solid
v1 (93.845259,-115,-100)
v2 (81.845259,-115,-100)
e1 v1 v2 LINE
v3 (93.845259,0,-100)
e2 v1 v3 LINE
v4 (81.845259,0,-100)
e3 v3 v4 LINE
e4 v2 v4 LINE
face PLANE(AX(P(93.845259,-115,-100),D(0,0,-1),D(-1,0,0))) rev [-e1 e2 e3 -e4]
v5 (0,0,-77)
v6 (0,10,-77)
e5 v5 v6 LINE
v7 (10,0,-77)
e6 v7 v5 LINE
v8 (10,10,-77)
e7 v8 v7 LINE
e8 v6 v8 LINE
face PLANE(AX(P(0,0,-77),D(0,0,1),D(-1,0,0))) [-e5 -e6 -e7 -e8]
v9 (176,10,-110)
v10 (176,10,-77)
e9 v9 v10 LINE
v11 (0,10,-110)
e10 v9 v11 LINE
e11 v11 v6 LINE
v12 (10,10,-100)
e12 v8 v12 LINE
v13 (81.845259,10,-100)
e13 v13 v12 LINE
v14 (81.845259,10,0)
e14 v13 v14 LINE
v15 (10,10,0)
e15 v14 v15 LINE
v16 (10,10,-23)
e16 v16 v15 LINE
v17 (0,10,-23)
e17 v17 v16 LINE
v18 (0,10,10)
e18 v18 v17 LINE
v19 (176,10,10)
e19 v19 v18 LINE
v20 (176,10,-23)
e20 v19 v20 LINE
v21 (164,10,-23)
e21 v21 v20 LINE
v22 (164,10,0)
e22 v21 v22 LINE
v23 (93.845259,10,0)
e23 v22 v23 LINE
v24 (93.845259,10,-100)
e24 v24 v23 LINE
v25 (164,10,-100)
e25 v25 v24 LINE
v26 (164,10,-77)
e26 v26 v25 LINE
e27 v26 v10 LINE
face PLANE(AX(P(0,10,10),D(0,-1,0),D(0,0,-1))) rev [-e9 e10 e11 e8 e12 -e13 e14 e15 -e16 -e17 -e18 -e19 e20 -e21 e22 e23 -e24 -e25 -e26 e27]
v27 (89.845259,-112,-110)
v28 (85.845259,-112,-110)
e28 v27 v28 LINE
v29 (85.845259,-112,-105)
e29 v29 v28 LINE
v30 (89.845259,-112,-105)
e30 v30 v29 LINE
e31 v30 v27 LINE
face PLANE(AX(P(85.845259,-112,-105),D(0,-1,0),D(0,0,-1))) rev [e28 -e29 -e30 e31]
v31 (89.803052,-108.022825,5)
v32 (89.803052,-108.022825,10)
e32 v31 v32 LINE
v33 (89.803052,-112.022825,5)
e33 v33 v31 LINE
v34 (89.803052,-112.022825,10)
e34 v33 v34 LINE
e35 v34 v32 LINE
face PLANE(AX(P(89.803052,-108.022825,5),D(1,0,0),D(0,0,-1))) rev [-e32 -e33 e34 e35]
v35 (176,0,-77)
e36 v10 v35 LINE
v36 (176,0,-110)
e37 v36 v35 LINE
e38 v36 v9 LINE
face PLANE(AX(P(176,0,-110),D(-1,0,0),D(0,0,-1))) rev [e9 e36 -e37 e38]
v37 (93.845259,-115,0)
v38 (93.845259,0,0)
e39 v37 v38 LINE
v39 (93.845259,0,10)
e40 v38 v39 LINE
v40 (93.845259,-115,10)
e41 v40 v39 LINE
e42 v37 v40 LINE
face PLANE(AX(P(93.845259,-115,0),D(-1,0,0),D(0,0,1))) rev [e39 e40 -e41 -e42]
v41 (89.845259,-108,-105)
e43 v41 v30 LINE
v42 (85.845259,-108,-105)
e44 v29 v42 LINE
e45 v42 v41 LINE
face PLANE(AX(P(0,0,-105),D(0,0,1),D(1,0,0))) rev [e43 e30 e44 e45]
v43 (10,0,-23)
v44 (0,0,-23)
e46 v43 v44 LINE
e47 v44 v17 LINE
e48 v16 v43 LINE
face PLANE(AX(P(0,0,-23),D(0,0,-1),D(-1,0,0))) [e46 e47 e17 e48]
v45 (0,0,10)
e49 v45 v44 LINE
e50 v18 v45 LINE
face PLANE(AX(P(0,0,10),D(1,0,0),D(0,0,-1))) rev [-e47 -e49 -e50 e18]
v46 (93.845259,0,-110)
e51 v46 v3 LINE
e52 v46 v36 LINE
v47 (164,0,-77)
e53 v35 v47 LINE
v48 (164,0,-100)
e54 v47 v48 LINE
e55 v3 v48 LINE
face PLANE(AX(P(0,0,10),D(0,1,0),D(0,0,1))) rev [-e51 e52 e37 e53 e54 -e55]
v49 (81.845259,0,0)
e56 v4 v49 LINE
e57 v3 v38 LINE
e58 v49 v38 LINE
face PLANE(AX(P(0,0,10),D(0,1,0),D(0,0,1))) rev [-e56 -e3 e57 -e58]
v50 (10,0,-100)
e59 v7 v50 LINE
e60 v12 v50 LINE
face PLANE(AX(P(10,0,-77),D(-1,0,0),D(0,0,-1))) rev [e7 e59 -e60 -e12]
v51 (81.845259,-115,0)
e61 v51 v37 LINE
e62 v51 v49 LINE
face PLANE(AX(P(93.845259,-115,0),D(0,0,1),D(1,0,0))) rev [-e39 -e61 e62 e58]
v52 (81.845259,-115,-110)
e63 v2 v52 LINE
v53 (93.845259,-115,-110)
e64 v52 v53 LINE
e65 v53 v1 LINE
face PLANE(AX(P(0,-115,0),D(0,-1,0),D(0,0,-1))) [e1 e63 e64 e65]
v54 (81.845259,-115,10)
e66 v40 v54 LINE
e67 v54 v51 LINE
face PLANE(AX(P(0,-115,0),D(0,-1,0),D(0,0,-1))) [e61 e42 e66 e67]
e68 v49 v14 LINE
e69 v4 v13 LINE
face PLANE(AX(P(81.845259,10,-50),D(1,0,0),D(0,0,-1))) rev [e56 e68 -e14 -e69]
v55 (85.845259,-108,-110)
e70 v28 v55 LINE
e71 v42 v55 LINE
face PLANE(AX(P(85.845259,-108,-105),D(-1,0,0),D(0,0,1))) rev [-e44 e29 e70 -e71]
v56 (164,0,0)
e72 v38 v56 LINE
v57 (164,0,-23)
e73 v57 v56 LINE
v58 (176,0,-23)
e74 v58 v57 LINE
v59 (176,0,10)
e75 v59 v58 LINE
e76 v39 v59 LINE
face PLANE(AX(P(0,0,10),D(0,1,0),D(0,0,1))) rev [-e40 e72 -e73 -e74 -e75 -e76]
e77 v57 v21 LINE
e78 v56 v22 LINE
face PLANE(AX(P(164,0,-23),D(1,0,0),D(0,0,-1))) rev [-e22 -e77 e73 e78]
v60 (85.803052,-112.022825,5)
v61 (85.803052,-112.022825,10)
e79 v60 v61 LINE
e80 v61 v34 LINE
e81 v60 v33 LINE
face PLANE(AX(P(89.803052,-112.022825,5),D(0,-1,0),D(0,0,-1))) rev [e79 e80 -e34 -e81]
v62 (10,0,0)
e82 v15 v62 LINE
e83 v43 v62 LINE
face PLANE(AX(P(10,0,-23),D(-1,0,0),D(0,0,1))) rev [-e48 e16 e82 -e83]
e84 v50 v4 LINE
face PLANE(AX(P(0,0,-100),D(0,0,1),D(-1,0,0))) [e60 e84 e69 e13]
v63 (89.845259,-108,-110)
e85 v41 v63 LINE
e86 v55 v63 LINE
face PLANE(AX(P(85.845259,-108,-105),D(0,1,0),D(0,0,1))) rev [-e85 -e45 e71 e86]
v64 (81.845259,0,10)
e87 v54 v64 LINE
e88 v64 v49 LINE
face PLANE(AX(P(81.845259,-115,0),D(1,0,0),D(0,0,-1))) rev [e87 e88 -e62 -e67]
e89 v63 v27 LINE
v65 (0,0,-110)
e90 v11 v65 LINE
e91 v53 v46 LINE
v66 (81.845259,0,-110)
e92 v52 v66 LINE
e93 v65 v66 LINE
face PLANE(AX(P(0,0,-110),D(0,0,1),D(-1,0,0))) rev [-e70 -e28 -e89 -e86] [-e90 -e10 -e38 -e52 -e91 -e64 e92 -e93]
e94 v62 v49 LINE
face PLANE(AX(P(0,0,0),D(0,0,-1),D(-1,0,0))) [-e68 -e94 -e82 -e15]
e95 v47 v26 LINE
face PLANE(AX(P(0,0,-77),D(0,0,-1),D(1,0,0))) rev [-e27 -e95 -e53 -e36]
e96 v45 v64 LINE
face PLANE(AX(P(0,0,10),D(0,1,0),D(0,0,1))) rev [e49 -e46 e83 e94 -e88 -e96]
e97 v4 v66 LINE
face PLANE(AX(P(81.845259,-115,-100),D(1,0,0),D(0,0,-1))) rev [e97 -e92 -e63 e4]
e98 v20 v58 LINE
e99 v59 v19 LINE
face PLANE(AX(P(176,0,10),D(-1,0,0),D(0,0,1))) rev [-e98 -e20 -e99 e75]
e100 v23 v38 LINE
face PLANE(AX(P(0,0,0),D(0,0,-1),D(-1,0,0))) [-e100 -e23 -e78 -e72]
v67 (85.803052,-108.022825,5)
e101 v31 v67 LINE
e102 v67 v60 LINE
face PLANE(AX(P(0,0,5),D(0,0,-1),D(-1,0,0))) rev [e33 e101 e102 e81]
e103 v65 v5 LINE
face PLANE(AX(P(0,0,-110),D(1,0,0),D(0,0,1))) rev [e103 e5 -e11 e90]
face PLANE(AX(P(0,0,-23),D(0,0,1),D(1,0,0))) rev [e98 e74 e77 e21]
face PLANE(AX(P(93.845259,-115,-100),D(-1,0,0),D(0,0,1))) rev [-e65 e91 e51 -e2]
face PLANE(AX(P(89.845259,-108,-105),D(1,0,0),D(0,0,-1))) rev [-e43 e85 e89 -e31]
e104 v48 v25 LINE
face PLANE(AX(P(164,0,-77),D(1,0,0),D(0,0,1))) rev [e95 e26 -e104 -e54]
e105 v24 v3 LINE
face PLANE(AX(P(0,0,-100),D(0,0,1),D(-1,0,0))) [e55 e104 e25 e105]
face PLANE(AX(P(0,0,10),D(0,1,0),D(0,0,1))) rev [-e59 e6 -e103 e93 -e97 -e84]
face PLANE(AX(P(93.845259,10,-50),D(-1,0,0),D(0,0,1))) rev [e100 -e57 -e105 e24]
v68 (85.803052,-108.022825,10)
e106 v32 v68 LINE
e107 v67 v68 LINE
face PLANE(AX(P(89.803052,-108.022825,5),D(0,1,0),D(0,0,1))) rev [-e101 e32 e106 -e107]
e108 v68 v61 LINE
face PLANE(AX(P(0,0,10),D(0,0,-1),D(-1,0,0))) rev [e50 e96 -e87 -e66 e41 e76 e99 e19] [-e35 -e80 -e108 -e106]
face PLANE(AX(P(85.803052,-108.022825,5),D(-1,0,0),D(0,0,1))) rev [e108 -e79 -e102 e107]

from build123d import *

# Parameters (mm, degrees)
SKETCH1_W           = 176
SKETCH1_H           = 10
BOSS_EXTRUDE1_DEPTH = 10
SKETCH2_W           = 12
SKETCH2_H           = 10
BOSS_EXTRUDE2_DEPTH = 50
SKETCH3_W           = 10
SKETCH3_H           = 10
SKETCH3_W_2         = 12
BOSS_EXTRUDE3_DEPTH = 23
SKETCH4_W           = 12
SKETCH4_H           = 10
BOSS_EXTRUDE4_DEPTH = 115
SKETCH6_W           = 4
SKETCH6_H           = 4
CUT_EXTRUDE1_DEPTH  = 5
SKETCH7_W           = 4
SKETCH7_H           = 4
CUT_EXTRUDE2_DEPTH  = 5


with BuildPart() as part:
    # Sketch1 → Boss-Extrude1 (new body)
    with BuildSketch(Plane.XY):
        with Locations((88, 5)):
            Rectangle(SKETCH1_W, SKETCH1_H)
    extrude(amount=BOSS_EXTRUDE1_DEPTH)

    # Sketch2 → Boss-Extrude2 (add)
    with BuildSketch(Plane(origin=(0, 0, 0), x_dir=(-1, 0, 0), z_dir=(0, 0, -1))):
        with Locations((-87.845258849, 5)):
            Rectangle(SKETCH2_W, SKETCH2_H)
    extrude(amount=BOSS_EXTRUDE2_DEPTH)

    # Sketch3 → Boss-Extrude3 (add)
    with BuildSketch(Plane(origin=(0, 0, 0), x_dir=(-1, 0, 0), z_dir=(0, 0, -1))):
        with Locations((-5, 5)):
            Rectangle(SKETCH3_W, SKETCH3_H)
        with Locations((-170, 5)):
            Rectangle(SKETCH3_W_2, SKETCH3_H)
    extrude(amount=BOSS_EXTRUDE3_DEPTH)

    # Mirror6: part across plane


with BuildPart() as part_1:
    add(part.part)
    add(part.part.mirror(Plane.XY.offset(-50)))

    # Sketch4 → Boss-Extrude4 (add)
    with BuildSketch(Plane.XZ):
        with Locations((87.845258849, 5)):
            Rectangle(SKETCH4_W, SKETCH4_H)
        with Locations((87.845258849, -105)):
            Rectangle(SKETCH4_W, SKETCH4_H)
    extrude(amount=BOSS_EXTRUDE4_DEPTH)

    # Sketch6 → Cut-Extrude1 (cut)
    with BuildSketch(Plane.XY.offset(10)):
        with Locations((87.80305242, -110.022825142)):
            Rectangle(SKETCH6_W, SKETCH6_H)
    extrude(amount=-CUT_EXTRUDE1_DEPTH, mode=Mode.SUBTRACT)

    # Sketch7 → Cut-Extrude2 (cut)
    with BuildSketch(Plane(origin=(0, 0, -110), x_dir=(-1, 0, 0), z_dir=(0, 0, -1))):
        with Locations((-87.845258849, -110)):
            Rectangle(SKETCH7_W, SKETCH7_H)
    extrude(amount=-CUT_EXTRUDE2_DEPTH, mode=Mode.SUBTRACT)


solid = part_1.part
